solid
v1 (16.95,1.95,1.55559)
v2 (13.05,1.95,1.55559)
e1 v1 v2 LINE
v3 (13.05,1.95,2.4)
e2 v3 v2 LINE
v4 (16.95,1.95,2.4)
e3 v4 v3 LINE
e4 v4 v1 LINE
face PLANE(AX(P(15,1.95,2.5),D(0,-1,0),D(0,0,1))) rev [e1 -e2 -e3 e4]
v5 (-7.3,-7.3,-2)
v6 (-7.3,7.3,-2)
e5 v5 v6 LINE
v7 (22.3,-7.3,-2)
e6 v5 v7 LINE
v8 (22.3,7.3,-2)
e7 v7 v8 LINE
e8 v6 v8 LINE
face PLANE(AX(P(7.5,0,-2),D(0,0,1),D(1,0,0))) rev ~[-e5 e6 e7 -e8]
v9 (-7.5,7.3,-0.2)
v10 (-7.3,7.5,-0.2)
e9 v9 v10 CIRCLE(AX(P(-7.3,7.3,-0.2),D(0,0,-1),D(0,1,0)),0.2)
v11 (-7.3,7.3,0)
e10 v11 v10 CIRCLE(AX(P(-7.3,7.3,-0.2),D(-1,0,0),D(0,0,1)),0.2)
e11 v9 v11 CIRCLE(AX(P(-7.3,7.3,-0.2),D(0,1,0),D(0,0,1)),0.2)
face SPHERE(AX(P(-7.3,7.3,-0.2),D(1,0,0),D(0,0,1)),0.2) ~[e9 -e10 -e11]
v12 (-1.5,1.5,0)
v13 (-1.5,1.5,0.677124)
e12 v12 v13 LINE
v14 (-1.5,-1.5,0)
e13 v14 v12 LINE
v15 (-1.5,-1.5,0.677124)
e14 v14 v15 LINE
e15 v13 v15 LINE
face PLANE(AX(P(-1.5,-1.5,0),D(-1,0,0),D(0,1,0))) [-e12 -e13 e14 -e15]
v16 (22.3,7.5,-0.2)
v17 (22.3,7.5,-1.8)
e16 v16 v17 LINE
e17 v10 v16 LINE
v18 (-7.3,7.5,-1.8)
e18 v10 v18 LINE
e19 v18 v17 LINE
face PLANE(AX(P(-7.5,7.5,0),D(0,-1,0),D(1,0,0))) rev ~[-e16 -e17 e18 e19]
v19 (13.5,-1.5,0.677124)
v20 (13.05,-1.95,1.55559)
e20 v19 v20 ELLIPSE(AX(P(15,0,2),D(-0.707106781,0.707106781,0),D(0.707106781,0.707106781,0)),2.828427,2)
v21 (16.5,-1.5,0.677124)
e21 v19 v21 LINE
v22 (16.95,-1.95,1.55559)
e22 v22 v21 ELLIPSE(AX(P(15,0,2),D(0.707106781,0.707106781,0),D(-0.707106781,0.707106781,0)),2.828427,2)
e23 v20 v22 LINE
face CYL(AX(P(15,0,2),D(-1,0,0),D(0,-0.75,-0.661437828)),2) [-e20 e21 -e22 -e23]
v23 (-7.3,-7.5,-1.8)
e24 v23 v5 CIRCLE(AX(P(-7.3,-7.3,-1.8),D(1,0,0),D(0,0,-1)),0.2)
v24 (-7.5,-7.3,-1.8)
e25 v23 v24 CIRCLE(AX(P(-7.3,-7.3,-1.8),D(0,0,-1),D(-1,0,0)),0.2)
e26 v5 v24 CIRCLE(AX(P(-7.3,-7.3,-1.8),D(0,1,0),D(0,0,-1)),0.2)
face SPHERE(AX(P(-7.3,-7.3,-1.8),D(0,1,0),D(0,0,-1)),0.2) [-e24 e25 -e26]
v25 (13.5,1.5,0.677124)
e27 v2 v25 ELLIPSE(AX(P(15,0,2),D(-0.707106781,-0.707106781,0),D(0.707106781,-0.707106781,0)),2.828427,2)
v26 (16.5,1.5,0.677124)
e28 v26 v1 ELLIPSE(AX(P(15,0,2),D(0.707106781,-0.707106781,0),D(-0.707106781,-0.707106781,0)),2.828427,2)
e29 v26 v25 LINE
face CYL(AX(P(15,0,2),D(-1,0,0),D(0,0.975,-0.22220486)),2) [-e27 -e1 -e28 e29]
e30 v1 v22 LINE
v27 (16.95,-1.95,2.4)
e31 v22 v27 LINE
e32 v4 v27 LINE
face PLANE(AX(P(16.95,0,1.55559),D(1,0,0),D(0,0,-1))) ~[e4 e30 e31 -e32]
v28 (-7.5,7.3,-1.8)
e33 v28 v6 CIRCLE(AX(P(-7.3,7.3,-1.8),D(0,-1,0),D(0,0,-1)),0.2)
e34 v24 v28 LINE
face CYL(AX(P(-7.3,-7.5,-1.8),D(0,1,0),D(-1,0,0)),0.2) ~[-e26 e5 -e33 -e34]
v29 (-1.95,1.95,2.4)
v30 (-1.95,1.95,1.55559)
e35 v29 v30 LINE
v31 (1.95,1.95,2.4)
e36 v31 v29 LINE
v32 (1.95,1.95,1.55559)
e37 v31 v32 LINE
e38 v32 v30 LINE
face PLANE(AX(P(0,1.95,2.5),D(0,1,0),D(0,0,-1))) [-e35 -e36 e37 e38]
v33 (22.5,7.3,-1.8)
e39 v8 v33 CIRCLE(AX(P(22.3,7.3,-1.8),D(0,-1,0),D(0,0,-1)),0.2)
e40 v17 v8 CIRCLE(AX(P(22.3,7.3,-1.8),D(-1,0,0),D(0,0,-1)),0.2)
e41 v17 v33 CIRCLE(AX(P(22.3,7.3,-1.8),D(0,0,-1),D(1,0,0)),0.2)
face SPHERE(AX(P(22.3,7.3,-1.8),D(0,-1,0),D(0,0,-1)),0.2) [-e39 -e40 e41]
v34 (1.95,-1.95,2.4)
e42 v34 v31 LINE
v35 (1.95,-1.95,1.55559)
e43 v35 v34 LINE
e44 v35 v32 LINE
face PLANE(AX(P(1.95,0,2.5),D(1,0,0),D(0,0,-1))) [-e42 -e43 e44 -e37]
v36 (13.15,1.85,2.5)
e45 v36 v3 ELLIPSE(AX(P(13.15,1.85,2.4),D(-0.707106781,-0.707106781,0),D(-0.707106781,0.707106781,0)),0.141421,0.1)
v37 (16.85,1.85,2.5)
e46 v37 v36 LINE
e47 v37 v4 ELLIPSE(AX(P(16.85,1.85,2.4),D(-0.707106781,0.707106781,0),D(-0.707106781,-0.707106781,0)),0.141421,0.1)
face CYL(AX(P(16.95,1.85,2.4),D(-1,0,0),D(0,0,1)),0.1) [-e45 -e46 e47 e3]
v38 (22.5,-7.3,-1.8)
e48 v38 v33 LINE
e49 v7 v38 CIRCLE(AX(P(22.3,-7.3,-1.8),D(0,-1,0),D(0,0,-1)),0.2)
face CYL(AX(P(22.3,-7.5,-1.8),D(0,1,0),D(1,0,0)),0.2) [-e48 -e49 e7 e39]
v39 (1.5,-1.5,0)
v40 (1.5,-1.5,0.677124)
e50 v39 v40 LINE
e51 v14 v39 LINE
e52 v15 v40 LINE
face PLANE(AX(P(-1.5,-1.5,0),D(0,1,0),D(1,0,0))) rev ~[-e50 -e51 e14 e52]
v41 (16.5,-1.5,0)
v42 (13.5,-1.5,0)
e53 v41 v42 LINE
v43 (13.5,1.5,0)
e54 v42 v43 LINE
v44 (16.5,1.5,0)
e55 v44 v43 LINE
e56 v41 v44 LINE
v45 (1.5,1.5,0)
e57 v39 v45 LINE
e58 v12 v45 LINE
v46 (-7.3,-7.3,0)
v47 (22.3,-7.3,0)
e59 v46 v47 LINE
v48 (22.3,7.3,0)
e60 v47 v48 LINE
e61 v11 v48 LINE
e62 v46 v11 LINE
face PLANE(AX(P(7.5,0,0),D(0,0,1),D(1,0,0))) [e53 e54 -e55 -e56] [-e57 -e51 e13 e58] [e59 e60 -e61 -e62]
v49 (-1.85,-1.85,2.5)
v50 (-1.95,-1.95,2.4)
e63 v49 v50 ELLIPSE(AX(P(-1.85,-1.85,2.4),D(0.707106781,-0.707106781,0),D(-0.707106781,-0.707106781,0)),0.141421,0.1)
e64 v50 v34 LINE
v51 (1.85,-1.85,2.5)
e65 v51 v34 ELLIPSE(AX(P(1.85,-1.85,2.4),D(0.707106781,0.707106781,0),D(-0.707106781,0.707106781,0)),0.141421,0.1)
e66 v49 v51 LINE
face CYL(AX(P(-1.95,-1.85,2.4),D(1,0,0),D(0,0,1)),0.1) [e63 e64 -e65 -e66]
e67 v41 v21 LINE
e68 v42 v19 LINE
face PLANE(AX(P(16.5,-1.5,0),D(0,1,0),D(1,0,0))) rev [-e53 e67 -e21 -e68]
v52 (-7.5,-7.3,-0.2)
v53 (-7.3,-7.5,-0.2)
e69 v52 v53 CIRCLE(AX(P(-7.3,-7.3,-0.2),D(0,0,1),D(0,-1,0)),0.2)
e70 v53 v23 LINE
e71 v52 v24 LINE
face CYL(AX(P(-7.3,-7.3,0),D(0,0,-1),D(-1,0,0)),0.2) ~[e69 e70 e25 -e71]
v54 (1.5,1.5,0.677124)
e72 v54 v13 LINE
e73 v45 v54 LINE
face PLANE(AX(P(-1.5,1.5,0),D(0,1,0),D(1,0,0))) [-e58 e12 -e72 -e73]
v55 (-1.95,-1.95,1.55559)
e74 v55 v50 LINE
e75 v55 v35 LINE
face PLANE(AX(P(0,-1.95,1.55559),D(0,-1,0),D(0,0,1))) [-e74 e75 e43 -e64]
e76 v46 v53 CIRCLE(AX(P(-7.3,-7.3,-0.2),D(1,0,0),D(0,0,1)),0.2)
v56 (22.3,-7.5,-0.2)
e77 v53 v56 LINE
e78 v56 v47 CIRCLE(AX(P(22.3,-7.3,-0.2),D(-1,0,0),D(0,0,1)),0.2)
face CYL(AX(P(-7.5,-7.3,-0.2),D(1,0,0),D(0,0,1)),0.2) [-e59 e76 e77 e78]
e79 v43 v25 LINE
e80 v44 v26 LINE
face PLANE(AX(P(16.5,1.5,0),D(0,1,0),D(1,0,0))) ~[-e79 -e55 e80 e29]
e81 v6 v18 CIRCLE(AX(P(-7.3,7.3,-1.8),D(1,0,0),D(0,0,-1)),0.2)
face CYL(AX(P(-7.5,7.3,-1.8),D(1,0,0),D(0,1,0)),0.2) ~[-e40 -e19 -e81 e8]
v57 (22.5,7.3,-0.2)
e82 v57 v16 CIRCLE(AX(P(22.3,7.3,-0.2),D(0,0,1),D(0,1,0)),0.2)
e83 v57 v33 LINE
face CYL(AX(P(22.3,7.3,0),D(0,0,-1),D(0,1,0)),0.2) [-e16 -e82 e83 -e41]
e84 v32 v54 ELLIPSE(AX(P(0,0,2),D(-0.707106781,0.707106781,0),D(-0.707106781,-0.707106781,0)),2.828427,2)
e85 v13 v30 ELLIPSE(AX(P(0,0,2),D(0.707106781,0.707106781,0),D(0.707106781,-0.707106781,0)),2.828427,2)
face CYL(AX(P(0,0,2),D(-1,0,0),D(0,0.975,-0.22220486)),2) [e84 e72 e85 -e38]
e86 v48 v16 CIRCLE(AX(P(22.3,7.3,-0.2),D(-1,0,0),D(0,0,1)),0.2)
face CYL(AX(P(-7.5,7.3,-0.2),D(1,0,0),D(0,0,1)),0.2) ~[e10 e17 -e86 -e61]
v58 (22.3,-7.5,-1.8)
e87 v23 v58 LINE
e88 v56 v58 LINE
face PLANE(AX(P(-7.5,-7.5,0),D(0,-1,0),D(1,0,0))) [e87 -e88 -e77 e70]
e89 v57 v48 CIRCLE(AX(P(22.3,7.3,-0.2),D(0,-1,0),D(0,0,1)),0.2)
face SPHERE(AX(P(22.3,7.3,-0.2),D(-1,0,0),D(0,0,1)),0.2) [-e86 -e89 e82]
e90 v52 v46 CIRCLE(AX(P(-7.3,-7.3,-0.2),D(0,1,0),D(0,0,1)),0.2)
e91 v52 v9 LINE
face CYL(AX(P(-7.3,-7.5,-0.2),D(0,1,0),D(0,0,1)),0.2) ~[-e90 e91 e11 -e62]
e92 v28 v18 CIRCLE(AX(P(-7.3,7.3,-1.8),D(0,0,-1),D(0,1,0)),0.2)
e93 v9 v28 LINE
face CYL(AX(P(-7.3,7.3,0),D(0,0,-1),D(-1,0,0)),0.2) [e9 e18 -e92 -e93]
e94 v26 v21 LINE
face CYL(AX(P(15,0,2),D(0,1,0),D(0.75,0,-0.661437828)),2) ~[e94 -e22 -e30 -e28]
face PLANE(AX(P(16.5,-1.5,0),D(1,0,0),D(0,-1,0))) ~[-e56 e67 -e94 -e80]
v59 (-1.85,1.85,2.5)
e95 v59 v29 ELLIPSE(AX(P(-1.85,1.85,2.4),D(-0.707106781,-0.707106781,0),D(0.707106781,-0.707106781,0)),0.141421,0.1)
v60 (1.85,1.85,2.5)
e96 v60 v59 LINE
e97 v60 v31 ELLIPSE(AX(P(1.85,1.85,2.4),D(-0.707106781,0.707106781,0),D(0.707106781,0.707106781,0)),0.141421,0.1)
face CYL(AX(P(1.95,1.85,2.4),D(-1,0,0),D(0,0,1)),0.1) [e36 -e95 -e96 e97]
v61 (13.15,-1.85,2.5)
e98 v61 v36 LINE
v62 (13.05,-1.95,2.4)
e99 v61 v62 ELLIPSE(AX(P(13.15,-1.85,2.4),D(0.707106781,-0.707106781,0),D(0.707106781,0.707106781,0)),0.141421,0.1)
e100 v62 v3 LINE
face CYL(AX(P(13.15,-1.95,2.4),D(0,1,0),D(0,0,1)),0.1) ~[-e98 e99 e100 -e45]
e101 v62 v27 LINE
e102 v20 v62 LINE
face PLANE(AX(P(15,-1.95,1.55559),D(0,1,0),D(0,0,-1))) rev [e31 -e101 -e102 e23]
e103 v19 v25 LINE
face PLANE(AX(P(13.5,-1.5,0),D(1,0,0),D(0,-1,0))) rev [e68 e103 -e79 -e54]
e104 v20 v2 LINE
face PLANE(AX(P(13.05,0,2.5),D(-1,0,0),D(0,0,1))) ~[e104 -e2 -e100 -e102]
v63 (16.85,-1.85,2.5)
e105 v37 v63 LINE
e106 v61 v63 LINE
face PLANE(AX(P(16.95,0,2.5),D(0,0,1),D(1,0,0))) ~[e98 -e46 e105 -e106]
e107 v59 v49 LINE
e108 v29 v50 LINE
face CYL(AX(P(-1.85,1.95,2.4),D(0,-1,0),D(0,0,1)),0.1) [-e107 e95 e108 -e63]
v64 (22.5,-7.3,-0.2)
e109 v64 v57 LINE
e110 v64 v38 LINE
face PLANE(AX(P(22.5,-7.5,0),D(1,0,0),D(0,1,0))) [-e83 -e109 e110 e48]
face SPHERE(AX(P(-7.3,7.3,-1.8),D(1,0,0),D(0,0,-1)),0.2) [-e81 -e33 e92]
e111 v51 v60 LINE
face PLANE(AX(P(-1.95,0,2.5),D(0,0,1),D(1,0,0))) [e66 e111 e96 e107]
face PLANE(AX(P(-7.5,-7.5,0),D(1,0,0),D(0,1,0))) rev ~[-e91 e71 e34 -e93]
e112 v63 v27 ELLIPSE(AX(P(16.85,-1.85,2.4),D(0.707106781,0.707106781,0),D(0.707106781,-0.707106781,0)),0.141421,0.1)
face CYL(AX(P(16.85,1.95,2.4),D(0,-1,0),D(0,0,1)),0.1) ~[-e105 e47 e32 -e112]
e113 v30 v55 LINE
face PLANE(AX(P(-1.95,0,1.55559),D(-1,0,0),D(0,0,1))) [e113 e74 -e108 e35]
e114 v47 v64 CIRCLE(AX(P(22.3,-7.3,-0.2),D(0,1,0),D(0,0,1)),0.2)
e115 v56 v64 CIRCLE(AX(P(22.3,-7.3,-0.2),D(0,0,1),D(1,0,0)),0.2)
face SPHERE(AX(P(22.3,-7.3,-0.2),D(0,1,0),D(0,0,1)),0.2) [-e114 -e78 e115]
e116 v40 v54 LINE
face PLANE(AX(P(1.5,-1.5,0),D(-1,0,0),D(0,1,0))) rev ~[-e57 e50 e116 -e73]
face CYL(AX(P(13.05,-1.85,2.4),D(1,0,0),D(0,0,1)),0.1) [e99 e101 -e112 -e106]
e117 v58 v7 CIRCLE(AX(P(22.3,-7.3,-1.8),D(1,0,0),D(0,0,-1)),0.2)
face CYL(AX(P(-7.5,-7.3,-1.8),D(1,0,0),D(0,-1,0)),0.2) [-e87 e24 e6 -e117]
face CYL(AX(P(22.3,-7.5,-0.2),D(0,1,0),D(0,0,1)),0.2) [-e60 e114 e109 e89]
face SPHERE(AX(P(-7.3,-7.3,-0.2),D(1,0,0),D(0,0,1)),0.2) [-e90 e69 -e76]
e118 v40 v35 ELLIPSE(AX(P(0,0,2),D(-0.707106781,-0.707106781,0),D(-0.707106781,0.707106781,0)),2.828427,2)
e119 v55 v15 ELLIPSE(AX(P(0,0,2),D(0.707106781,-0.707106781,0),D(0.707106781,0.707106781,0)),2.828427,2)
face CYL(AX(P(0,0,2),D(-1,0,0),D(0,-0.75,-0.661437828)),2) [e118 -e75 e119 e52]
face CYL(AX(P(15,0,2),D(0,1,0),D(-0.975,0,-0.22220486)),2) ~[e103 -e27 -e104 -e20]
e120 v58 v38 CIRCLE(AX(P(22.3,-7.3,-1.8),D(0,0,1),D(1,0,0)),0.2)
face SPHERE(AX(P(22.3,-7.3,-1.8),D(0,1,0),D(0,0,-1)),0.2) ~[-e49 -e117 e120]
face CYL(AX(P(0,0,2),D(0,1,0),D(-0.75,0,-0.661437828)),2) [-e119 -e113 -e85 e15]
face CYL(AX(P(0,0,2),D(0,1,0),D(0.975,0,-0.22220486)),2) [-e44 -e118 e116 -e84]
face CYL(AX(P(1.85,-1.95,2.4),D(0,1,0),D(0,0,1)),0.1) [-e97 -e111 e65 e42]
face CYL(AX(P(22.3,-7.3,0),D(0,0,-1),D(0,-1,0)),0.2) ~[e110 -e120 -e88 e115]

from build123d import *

# Parameters (mm, degrees)
SKETCH_1_W                      = 30
SKETCH_1_H                      = 15
EXTRUDE_1_DEPTH                 = 2
SKETCH_2_W                      = 3
SKETCH_2_H                      = 3
EXTRUDE_2_DEPTH                 = 1
EXTRUDE_3_DEPTH                 = 2
CUT_EXTRUDE_1_REACH             = 25.848
CUT_EXTRUDE_1_DIRECTION_2_REACH = 25.848
FILLET_1_R                      = 0.1
FILLET_1_OF_MIRROR_1_R          = 0.1
FILLET_3_R                      = 0.2


with BuildPart() as part:
    # 草图1 → 凸台-拉伸1 (new body)
    with BuildSketch(Plane.XY):
        with Locations((7.5, 0)):
            Rectangle(SKETCH_1_W, SKETCH_1_H)
    extrude(amount=-EXTRUDE_1_DEPTH)

    # 草图2 → 凸台-拉伸2 (add)
    with BuildSketch(Plane.XY):
        Rectangle(SKETCH_2_W, SKETCH_2_H)
    extrude_2 = extrude(amount=EXTRUDE_2_DEPTH)

    # 草图3 → 凸台-拉伸3 (add, symmetric)
    with BuildSketch(Plane(origin=(0, 0, 0), x_dir=(1, 0, 0), z_dir=(0, 1, 0))):
        with BuildLine():
            Line((-1.95, -2.5), (1.95, -2.5))
            Line((1.95, -2.5), (1.95, -1.555590279))
            ThreePointArc((1.95, -1.555590279), (1.780042303, -1.088161527), (1.5, -0.677124344))
            Line((1.5, -0.677124344), (-1.5, -0.677124344))
            ThreePointArc((-1.5, -0.677124344), (-1.780042303, -1.088161527), (-1.95, -1.555590279))
            Line((-1.95, -1.555590279), (-1.95, -2.5))
        make_face()
    extrude_3 = extrude(amount=EXTRUDE_3_DEPTH, both=True)

    # 草图4 → 切除-拉伸1 (cut, up to next)
    with BuildSketch(Plane(origin=(0, 0, 0), x_dir=(0, 0, -1), z_dir=(1, 0, 0)), mode=Mode.PRIVATE) as cut_extrude_1_sk1:
        with BuildLine():
            Line((-2.5, 1.95), (-1.555590279, 1.95))
            ThreePointArc((-1.555590279, 1.95), (-1.088161527, 1.780042303), (-0.677124344, 1.5))
            Line((-0.677124344, 1.5), (-0.677124344, 2))
            Line((-0.677124344, 2), (-2.5, 2))
            Line((-2.5, 2), (-2.5, 1.95))
        make_face()
    cut_extrude_1_tool1 = extrude(cut_extrude_1_sk1.sketch, amount=-CUT_EXTRUDE_1_REACH, mode=Mode.PRIVATE) & part.part
    # 草图4 → 切除-拉伸1 (cut, up to next)
    with BuildSketch(Plane(origin=(0, 0, 0), x_dir=(0, 0, -1), z_dir=(1, 0, 0)), mode=Mode.PRIVATE) as cut_extrude_1_sk2:
        with BuildLine():
            Line((-2.5, -2), (-0.677124344, -2))
            Line((-0.677124344, -2), (-0.677124344, -1.5))
            ThreePointArc((-0.677124344, -1.5), (-1.088161527, -1.780042303), (-1.555590279, -1.95))
            Line((-1.555590279, -1.95), (-2.5, -1.95))
            Line((-2.5, -1.95), (-2.5, -2))
        make_face()
    cut_extrude_1_tool2 = extrude(cut_extrude_1_sk2.sketch, amount=-CUT_EXTRUDE_1_REACH, mode=Mode.PRIVATE) & part.part
    cut_extrude_1_1 = cut_extrude_1_tool1.solids().sort_by_distance((0, 1.873038, 1.175075))[0]
    add(cut_extrude_1_1, mode=Mode.SUBTRACT)
    cut_extrude_1_2 = cut_extrude_1_tool2.solids().sort_by_distance((0, -1.873038, 1.175075))[0]
    add(cut_extrude_1_2, mode=Mode.SUBTRACT)
    cut_extrude_1 = cut_extrude_1_1 + cut_extrude_1_2  # 切除-拉伸1 as one shape, for the pattern or mirror that repeats it

    # 草图4 → 切除-拉伸1 direction 2 (cut, up to next)
    with BuildSketch(Plane(origin=(0, 0, 0), x_dir=(0, 0, -1), z_dir=(1, 0, 0)), mode=Mode.PRIVATE) as cut_extrude_1_direction_2_sk1:
        with BuildLine():
            Line((-2.5, 1.95), (-1.555590279, 1.95))
            ThreePointArc((-1.555590279, 1.95), (-1.088161527, 1.780042303), (-0.677124344, 1.5))
            Line((-0.677124344, 1.5), (-0.677124344, 2))
            Line((-0.677124344, 2), (-2.5, 2))
            Line((-2.5, 2), (-2.5, 1.95))
        make_face()
    cut_extrude_1_direction_2_tool1 = extrude(cut_extrude_1_direction_2_sk1.sketch, amount=CUT_EXTRUDE_1_DIRECTION_2_REACH, mode=Mode.PRIVATE) & part.part
    # 草图4 → 切除-拉伸1 direction 2 (cut, up to next)
    with BuildSketch(Plane(origin=(0, 0, 0), x_dir=(0, 0, -1), z_dir=(1, 0, 0)), mode=Mode.PRIVATE) as cut_extrude_1_direction_2_sk2:
        with BuildLine():
            Line((-2.5, -2), (-0.677124344, -2))
            Line((-0.677124344, -2), (-0.677124344, -1.5))
            ThreePointArc((-0.677124344, -1.5), (-1.088161527, -1.780042303), (-1.555590279, -1.95))
            Line((-1.555590279, -1.95), (-2.5, -1.95))
            Line((-2.5, -1.95), (-2.5, -2))
        make_face()
    cut_extrude_1_direction_2_tool2 = extrude(cut_extrude_1_direction_2_sk2.sketch, amount=CUT_EXTRUDE_1_DIRECTION_2_REACH, mode=Mode.PRIVATE) & part.part
    cut_extrude_1_direction_2_1 = cut_extrude_1_direction_2_tool1.solids().sort_by_distance((0, 1.873038, 1.175075))[0]
    add(cut_extrude_1_direction_2_1, mode=Mode.SUBTRACT)
    cut_extrude_1_direction_2_2 = cut_extrude_1_direction_2_tool2.solids().sort_by_distance((0, -1.873038, 1.175075))[0]
    add(cut_extrude_1_direction_2_2, mode=Mode.SUBTRACT)
    cut_extrude_1_direction_2 = cut_extrude_1_direction_2_1 + cut_extrude_1_direction_2_2  # 切除-拉伸1 direction 2 as one shape, for the pattern or mirror that repeats it

    # 圆角1
    fillet_1_edges = [part.edges().sort_by_distance(p)[0] for p in [
        (-1.95, 0, 2.5),
        (1.95, 0, 2.5),
        (0, -1.95, 2.5),
        (0, 1.95, 2.5),
    ]]
    fillet(fillet_1_edges, radius=FILLET_1_R)

    # 镜向1: 凸台-拉伸2, 凸台-拉伸3, 切除-拉伸1, 切除-拉伸1 direction 2 across plane
    add(extrude_2.mirror(Plane(origin=(7.5, 0, 0), x_dir=(0, 0, 1), z_dir=(1, 0, 0))))
    add(extrude_3.mirror(Plane(origin=(7.5, 0, 0), x_dir=(0, 0, 1), z_dir=(1, 0, 0))))
    add(cut_extrude_1.mirror(Plane(origin=(7.5, 0, 0), x_dir=(0, 0, 1), z_dir=(1, 0, 0))), mode=Mode.SUBTRACT)
    add(cut_extrude_1_direction_2.mirror(Plane(origin=(7.5, 0, 0), x_dir=(0, 0, 1), z_dir=(1, 0, 0))), mode=Mode.SUBTRACT)

    # 圆角1 of 镜向1
    fillet_1_of_mirror_1_edges = [part.edges().sort_by_distance(p)[0] for p in [
        (16.95, 0, 2.5),
        (13.05, 0, 2.5),
        (15, -1.95, 2.5),
        (15, 1.95, 2.5),
    ]]
    fillet(fillet_1_of_mirror_1_edges, radius=FILLET_1_OF_MIRROR_1_R)

    # 圆角3
    fillet_3_edges = [part.edges().sort_by_distance(p)[0] for p in [
        (22.5, 0, -2),
        (7.5, 7.5, -2),
        (-7.5, 0, -2),
        (7.5, 7.5, 0),
        (22.5, 0, 0),
        (7.5, -7.5, 0),
        (-7.5, 0, 0),
        (7.5, -7.5, -2),
        (-7.5, 7.5, -1),
        (22.5, 7.5, -1),
        (22.5, -7.5, -1),
        (-7.5, -7.5, -1),
    ]]
    fillet(fillet_3_edges, radius=FILLET_3_R)


solid = part.part
